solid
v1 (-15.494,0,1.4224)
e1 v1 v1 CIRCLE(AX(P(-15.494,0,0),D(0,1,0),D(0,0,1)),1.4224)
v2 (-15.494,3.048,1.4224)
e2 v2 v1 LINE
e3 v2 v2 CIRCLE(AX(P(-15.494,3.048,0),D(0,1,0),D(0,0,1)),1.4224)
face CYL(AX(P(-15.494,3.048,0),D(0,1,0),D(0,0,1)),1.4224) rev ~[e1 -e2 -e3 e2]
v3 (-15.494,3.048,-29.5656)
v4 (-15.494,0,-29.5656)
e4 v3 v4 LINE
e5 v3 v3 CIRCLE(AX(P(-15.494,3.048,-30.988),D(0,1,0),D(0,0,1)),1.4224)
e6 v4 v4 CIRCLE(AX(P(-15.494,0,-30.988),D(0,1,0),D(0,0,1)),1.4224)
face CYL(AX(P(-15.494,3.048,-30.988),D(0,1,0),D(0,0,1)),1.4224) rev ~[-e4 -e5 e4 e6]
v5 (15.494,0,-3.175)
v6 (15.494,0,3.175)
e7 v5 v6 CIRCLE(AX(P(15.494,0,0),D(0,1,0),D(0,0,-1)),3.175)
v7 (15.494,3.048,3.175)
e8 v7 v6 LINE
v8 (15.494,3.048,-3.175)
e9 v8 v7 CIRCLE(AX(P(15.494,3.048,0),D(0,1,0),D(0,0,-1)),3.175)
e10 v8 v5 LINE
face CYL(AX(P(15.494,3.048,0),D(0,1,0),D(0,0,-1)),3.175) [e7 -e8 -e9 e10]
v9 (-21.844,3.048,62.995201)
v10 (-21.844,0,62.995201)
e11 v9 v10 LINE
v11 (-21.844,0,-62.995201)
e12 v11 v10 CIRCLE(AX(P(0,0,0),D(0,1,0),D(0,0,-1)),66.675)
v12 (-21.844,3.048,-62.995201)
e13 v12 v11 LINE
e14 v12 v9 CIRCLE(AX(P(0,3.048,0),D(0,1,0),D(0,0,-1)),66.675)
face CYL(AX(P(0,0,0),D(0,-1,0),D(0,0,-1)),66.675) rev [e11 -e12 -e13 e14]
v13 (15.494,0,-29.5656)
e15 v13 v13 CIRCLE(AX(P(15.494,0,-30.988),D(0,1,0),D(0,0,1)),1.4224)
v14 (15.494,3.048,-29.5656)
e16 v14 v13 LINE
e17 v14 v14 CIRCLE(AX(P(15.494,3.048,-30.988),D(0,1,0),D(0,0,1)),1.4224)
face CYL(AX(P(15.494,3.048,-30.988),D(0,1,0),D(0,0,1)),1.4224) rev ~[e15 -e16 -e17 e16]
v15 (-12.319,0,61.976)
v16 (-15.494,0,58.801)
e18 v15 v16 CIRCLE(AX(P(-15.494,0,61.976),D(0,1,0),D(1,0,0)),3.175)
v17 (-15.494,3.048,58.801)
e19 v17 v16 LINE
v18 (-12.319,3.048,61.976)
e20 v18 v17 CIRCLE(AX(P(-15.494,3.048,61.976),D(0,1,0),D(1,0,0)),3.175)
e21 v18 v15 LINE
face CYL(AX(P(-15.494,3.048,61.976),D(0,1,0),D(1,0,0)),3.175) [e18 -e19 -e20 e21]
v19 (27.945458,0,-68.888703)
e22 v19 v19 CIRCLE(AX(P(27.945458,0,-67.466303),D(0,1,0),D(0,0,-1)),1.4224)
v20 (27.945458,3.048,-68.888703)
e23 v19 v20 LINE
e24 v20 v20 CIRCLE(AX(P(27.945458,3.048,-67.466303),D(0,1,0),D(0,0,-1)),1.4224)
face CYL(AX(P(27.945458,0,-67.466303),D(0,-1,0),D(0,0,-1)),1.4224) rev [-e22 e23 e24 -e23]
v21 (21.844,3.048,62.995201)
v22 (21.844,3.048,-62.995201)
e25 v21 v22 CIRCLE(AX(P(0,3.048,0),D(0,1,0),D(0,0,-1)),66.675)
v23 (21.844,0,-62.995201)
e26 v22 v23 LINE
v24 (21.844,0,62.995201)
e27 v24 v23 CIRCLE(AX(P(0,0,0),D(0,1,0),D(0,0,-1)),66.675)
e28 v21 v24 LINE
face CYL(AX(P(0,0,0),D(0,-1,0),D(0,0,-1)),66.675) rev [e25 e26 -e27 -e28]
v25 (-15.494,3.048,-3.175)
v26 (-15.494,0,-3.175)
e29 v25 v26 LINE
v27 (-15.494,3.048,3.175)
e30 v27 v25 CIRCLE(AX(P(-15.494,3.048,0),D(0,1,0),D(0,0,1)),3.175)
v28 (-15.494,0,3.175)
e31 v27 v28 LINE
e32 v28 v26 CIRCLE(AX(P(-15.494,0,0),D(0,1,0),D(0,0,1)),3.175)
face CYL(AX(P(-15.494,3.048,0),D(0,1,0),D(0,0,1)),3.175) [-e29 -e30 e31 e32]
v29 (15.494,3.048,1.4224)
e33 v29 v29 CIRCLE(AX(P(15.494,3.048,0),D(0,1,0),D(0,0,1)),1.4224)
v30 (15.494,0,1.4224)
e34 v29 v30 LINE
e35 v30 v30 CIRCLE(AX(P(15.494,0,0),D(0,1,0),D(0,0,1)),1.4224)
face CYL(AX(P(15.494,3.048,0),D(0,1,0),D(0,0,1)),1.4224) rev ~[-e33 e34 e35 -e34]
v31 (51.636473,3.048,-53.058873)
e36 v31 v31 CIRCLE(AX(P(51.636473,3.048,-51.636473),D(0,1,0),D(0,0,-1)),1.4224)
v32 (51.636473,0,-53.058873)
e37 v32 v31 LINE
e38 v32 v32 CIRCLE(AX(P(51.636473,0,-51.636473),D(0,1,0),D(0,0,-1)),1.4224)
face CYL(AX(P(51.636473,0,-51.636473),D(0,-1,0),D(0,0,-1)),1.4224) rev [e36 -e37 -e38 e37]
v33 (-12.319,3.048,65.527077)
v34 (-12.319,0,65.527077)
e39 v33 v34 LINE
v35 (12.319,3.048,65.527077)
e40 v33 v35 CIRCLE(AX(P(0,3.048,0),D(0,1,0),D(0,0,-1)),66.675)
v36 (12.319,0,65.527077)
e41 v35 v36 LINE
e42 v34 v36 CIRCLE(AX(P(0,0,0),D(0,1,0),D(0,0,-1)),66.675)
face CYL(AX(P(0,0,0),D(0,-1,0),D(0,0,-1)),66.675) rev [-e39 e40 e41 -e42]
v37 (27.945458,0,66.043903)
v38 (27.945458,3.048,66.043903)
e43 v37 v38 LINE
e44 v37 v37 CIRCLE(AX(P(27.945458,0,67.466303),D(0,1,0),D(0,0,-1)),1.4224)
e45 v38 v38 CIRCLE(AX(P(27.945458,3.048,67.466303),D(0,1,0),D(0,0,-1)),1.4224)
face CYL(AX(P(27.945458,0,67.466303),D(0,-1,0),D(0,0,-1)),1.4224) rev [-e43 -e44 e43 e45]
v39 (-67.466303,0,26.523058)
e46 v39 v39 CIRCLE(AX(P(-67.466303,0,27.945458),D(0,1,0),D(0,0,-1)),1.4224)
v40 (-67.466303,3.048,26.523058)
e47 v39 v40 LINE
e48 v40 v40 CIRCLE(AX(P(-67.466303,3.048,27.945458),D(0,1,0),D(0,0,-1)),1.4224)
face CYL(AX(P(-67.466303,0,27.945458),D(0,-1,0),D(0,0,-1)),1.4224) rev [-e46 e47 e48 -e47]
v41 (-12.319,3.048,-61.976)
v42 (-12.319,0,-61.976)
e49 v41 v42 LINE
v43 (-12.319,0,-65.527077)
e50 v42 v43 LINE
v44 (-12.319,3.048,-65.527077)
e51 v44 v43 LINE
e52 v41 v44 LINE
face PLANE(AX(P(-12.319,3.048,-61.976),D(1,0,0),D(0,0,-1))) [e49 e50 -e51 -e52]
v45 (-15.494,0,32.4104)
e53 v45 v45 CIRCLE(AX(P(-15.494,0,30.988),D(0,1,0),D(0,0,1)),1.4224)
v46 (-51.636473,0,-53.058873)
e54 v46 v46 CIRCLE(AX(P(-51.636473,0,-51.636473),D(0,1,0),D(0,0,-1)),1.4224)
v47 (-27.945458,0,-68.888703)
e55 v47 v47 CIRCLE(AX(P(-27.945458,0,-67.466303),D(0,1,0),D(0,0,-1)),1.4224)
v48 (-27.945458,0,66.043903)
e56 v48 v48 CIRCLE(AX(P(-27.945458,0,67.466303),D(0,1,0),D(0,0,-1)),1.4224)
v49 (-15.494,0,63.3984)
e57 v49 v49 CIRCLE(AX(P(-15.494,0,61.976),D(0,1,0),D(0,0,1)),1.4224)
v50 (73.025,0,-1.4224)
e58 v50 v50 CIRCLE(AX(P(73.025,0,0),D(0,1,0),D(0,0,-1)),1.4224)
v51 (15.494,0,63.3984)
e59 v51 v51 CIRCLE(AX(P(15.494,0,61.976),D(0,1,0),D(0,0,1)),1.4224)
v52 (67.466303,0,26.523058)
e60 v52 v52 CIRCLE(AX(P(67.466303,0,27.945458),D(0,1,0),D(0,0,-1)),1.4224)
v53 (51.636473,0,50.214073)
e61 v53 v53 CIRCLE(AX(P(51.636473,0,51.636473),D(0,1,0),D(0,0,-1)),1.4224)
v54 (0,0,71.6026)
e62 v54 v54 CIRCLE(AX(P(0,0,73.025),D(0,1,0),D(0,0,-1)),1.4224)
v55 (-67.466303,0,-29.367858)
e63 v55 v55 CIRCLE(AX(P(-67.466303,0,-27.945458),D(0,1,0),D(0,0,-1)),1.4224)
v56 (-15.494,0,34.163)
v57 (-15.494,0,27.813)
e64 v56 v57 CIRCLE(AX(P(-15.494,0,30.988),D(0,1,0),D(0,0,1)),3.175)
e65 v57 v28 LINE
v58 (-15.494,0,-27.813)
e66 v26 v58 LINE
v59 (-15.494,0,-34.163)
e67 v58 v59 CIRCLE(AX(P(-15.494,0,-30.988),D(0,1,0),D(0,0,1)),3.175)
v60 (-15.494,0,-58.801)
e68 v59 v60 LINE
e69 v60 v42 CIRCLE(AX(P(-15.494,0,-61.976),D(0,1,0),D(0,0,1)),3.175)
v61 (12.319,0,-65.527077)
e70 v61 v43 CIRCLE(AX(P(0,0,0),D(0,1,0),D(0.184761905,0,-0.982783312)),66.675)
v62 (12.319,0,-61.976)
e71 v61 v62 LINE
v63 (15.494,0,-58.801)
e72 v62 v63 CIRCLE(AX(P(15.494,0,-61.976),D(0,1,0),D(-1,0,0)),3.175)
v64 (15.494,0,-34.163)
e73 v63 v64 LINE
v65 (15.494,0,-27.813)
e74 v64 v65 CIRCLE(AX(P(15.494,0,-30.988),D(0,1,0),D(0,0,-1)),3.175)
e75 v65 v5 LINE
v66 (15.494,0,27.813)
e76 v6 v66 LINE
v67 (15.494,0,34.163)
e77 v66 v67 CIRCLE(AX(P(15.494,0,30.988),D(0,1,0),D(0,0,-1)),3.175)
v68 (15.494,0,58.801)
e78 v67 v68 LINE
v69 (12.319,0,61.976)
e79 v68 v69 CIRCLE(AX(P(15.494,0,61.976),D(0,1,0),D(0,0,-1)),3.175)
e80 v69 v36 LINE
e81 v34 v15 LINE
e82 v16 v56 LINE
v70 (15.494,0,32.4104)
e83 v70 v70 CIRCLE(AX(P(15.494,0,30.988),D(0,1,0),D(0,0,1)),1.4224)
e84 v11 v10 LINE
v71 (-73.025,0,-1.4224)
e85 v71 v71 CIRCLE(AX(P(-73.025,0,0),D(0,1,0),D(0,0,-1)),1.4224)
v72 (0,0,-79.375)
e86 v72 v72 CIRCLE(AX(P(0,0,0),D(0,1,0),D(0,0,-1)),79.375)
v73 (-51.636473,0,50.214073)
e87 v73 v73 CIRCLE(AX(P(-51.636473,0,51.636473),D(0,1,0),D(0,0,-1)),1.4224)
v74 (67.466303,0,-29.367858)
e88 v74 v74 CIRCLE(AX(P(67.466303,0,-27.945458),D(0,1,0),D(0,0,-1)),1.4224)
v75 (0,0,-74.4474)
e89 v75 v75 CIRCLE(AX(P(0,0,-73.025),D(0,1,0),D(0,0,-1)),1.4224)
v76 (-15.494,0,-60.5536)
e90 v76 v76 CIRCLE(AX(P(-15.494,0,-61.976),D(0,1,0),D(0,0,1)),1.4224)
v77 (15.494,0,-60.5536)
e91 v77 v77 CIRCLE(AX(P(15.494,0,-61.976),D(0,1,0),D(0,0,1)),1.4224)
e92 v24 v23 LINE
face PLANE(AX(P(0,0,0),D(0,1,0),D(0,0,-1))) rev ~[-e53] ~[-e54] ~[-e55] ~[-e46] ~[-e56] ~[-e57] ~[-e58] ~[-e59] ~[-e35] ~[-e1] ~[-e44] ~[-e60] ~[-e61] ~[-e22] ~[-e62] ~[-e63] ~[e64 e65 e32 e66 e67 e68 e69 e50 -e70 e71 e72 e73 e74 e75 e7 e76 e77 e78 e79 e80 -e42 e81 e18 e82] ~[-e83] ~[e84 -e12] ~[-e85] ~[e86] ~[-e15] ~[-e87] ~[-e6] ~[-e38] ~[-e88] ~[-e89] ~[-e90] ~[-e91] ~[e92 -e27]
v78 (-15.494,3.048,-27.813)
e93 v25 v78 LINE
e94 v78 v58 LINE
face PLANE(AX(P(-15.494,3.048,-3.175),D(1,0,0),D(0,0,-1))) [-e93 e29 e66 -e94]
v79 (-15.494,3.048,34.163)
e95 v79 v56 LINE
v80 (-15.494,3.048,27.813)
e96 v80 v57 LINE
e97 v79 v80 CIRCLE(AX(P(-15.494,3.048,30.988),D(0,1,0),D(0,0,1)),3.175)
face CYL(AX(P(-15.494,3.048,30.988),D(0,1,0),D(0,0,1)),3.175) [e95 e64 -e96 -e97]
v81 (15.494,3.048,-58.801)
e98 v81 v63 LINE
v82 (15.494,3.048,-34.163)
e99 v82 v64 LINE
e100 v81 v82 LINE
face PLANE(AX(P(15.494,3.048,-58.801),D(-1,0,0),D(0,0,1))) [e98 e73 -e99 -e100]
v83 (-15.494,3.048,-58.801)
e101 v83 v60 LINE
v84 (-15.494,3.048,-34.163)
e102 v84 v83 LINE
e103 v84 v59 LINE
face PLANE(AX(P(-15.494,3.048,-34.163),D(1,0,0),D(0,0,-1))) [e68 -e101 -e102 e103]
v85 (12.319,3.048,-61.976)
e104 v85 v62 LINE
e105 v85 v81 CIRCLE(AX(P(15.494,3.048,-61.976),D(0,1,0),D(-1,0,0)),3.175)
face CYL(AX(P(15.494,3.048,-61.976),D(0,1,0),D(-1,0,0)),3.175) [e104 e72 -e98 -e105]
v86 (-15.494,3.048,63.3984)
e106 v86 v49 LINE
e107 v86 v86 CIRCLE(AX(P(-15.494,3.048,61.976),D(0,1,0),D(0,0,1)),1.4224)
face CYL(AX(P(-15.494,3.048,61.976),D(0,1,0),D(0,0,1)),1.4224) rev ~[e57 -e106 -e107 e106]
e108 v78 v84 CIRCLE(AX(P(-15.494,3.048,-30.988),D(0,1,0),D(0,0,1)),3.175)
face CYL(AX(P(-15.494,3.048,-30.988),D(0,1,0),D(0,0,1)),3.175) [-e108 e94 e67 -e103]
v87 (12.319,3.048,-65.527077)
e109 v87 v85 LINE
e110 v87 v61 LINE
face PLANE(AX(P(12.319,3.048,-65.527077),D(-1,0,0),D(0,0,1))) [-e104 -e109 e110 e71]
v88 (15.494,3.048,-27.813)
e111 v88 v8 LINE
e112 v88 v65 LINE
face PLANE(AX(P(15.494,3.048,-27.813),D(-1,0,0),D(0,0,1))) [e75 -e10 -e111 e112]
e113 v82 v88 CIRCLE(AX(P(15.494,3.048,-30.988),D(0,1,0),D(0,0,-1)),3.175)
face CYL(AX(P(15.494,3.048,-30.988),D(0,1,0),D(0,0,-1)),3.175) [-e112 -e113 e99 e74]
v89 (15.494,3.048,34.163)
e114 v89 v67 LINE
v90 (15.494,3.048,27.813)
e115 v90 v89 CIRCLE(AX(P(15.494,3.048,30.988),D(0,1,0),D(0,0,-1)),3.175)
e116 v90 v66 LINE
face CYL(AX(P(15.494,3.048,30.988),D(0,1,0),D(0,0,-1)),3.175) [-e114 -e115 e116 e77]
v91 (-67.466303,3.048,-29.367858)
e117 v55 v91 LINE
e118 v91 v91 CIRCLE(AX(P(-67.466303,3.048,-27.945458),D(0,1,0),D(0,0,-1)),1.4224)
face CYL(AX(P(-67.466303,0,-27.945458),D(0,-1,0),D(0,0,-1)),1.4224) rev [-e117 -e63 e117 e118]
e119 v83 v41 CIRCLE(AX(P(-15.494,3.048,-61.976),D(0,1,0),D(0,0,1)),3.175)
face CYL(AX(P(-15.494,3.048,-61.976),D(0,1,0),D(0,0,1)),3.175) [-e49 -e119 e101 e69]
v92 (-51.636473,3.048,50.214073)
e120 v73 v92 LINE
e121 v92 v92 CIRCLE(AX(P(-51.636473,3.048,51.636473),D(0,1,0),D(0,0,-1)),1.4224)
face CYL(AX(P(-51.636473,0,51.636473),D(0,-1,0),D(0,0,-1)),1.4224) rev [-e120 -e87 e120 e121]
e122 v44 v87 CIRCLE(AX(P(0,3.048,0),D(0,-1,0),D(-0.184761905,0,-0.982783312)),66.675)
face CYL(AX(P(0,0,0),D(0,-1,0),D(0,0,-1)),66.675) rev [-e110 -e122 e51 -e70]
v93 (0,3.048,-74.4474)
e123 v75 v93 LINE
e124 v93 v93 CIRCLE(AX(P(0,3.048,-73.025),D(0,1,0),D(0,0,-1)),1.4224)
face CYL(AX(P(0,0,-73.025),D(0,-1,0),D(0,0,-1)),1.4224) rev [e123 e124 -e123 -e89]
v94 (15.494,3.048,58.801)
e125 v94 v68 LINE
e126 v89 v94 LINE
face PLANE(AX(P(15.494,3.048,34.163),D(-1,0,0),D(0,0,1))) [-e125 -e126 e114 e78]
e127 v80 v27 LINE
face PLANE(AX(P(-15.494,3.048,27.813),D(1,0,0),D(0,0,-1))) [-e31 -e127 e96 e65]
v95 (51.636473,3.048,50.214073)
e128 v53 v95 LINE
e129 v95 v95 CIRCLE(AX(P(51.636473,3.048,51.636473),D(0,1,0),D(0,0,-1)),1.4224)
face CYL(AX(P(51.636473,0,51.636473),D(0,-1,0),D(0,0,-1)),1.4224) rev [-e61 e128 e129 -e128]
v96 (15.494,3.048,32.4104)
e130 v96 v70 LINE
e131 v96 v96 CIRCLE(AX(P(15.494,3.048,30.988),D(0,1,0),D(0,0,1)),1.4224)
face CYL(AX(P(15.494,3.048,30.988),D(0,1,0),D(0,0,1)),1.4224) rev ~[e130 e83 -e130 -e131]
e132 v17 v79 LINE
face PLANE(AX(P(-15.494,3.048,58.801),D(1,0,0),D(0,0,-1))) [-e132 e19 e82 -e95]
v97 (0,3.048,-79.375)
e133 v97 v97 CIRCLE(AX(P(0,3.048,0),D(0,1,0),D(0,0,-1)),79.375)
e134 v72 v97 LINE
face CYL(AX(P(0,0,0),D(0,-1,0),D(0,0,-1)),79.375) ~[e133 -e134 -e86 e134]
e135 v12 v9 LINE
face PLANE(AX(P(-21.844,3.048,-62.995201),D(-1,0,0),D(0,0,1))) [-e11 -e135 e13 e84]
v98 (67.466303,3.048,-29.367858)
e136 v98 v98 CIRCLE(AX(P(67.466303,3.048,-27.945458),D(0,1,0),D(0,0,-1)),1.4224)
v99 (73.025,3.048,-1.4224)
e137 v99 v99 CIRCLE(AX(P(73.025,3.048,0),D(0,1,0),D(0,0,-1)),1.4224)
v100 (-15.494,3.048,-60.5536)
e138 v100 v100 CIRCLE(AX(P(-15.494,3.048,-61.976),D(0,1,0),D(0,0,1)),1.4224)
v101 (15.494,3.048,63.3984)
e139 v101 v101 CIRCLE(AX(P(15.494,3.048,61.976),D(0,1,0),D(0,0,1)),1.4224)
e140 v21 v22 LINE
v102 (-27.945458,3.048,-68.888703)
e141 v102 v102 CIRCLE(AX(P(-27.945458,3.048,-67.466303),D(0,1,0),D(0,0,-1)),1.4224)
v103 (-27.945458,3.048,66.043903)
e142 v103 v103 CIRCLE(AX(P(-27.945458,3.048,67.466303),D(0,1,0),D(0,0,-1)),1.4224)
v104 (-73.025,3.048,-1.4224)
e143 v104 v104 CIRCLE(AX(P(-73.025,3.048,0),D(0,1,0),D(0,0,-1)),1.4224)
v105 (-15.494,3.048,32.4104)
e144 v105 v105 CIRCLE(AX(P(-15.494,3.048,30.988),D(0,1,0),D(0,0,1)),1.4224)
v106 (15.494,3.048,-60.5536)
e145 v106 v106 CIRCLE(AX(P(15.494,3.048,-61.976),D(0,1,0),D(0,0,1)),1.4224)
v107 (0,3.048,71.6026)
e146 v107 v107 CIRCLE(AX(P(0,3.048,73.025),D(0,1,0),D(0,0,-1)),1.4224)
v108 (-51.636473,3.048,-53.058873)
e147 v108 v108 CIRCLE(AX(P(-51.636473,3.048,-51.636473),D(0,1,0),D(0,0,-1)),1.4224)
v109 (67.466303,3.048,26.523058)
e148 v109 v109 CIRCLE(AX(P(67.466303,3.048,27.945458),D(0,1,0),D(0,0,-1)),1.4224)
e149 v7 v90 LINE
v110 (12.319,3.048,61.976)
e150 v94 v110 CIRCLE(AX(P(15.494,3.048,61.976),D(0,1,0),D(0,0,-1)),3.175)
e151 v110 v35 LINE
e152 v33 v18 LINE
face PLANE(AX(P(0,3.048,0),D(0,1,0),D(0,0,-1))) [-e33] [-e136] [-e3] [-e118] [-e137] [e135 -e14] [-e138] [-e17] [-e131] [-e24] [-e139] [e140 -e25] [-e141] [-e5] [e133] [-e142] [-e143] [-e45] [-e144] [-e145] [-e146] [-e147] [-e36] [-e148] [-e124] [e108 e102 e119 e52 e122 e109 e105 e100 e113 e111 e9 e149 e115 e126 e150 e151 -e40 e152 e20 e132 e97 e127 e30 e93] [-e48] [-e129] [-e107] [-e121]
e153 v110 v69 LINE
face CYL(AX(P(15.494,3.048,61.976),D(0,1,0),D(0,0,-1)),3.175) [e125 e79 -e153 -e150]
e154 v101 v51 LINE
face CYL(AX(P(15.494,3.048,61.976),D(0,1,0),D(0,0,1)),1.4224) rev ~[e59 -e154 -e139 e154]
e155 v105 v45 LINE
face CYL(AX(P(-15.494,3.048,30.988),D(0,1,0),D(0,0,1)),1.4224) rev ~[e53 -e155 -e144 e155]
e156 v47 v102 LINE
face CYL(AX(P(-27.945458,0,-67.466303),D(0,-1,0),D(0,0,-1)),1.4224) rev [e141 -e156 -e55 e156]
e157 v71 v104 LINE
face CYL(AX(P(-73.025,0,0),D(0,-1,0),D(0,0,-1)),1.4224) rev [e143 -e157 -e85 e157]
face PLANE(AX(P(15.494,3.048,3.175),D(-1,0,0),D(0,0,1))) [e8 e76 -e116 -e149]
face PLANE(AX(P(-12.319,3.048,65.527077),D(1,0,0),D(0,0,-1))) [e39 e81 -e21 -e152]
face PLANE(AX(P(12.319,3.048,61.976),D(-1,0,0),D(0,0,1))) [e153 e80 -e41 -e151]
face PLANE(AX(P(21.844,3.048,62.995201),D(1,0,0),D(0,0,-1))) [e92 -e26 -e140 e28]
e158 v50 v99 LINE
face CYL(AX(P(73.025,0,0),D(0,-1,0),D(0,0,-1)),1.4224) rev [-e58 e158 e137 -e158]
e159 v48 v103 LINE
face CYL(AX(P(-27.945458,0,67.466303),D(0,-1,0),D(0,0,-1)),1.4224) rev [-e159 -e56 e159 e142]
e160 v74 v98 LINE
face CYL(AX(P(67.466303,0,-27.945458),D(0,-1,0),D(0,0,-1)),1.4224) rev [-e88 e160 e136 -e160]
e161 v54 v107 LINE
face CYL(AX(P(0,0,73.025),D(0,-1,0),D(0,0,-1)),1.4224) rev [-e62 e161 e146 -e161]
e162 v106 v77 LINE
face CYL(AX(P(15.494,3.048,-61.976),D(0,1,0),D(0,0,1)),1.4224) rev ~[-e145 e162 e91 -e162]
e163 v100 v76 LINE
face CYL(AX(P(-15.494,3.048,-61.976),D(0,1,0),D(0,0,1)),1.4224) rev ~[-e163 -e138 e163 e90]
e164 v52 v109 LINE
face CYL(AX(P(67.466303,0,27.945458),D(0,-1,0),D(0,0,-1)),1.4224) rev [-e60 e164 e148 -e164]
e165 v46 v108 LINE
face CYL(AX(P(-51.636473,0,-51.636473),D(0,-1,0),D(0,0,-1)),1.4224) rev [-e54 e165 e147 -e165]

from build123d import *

# Parameters (mm, degrees)
SKETCH1_R           = 79.375
SKETCH1_R_2         = 66.675
SKETCH1_R_3         = 1.4224
BOSS_EXTRUDE1_DEPTH = 3.048
SKETCH2_R           = 1.4224
BOSS_EXTRUDE2_DEPTH = 3.048


with BuildPart() as part:
    # Sketch1 → Boss-Extrude1 (new body)
    with BuildSketch(Plane(origin=(0, 0, 0), x_dir=(1, 0, 0), z_dir=(0, 1, 0))):
        with Locations(Location((0, 0, 0), (0, 0, 90))):
            Circle(SKETCH1_R)
        with Locations(Location((0, 0, 0), (0, 0, 90))):
            Circle(SKETCH1_R_2, mode=Mode.SUBTRACT)
        with Locations(Location((0, 73.025, 0), (0, 0, 90))):
            Circle(SKETCH1_R_3, mode=Mode.SUBTRACT)
        with Locations(Location((27.945457648, 67.466302862, 0), (0, 0, 90))):
            Circle(SKETCH1_R_3, mode=Mode.SUBTRACT)
        with Locations(Location((51.636472696, 51.636472696, 0), (0, 0, 90))):
            Circle(SKETCH1_R_3, mode=Mode.SUBTRACT)
        with Locations(Location((67.466302862, 27.945457648, 0), (0, 0, 90))):
            Circle(SKETCH1_R_3, mode=Mode.SUBTRACT)
        with Locations(Location((73.025, 0, 0), (0, 0, 90))):
            Circle(SKETCH1_R_3, mode=Mode.SUBTRACT)
        with Locations(Location((67.466302862, -27.945457648, 0), (0, 0, 90))):
            Circle(SKETCH1_R_3, mode=Mode.SUBTRACT)
        with Locations(Location((51.636472696, -51.636472696, 0), (0, 0, 90))):
            Circle(SKETCH1_R_3, mode=Mode.SUBTRACT)
        with Locations(Location((27.945457648, -67.466302862, 0), (0, 0, 90))):
            Circle(SKETCH1_R_3, mode=Mode.SUBTRACT)
        with Locations(Location((0, -73.025, 0), (0, 0, 90))):
            Circle(SKETCH1_R_3, mode=Mode.SUBTRACT)
        with Locations(Location((-27.945457648, -67.466302862, 0), (0, 0, 90))):
            Circle(SKETCH1_R_3, mode=Mode.SUBTRACT)
        with Locations(Location((-51.636472696, -51.636472696, 0), (0, 0, 90))):
            Circle(SKETCH1_R_3, mode=Mode.SUBTRACT)
        with Locations(Location((-67.466302862, -27.945457648, 0), (0, 0, 90))):
            Circle(SKETCH1_R_3, mode=Mode.SUBTRACT)
        with Locations(Location((-73.025, 0, 0), (0, 0, 90))):
            Circle(SKETCH1_R_3, mode=Mode.SUBTRACT)
        with Locations(Location((-67.466302862, 27.945457648, 0), (0, 0, 90))):
            Circle(SKETCH1_R_3, mode=Mode.SUBTRACT)
        with Locations(Location((-51.636472696, 51.636472696, 0), (0, 0, 90))):
            Circle(SKETCH1_R_3, mode=Mode.SUBTRACT)
        with Locations(Location((-27.945457648, 67.466302862, 0), (0, 0, 90))):
            Circle(SKETCH1_R_3, mode=Mode.SUBTRACT)
    extrude(amount=BOSS_EXTRUDE1_DEPTH)

    # Sketch2 → Boss-Extrude2 (add)
    with BuildSketch(Plane(origin=(0, 3.048, 0), x_dir=(1, 0, 0), z_dir=(0, 1, 0))):
        with BuildLine():
            Line((-15.494, 3.175), (-15.494, 27.813))
            ThreePointArc((-15.494, 27.813), (-12.319, 30.988), (-15.494, 34.163))
            Line((-15.494, 34.163), (-15.494, 58.801))
            ThreePointArc((-15.494, 58.801), (-13.24893597, 59.73093597), (-12.319, 61.976))
            Line((-12.319, 61.976), (-12.319, 65.527077334))
            ThreePointArc((-12.319, 65.527077334), (-17.128346163, 64.437375666), (-21.844, 62.995200524))
            Line((-21.844, 62.995200524), (-21.844, -62.995200524))
            ThreePointArc((-21.844, -62.995200524), (-17.128346163, -64.437375666), (-12.319, -65.527077334))
            Line((-12.319, -65.527077334), (-12.319, -61.976))
            ThreePointArc((-12.319, -61.976), (-13.24893597, -59.73093597), (-15.494, -58.801))
            Line((-15.494, -58.801), (-15.494, -34.163))
            ThreePointArc((-15.494, -34.163), (-12.319, -30.988), (-15.494, -27.813))
            Line((-15.494, -27.813), (-15.494, -3.175))
            ThreePointArc((-15.494, -3.175), (-12.319, 0), (-15.494, 3.175))
        make_face()
        with Locations(Location((-15.494, 30.988, 0), (0, 0, 270))):
            Circle(SKETCH2_R, mode=Mode.SUBTRACT)
        with Locations(Location((-15.494, 0, 0), (0, 0, 270))):
            Circle(SKETCH2_R, mode=Mode.SUBTRACT)
        with Locations(Location((-15.494, 61.976, 0), (0, 0, 270))):
            Circle(SKETCH2_R, mode=Mode.SUBTRACT)
        with Locations(Location((-15.494, -30.988, 0), (0, 0, 270))):
            Circle(SKETCH2_R, mode=Mode.SUBTRACT)
        with Locations(Location((-15.494, -61.976, 0), (0, 0, 270))):
            Circle(SKETCH2_R, mode=Mode.SUBTRACT)
        with BuildLine():
            Line((12.319, 65.527077334), (12.319, 61.976))
            ThreePointArc((12.319, 61.976), (13.24893597, 59.73093597), (15.494, 58.801))
            Line((15.494, 58.801), (15.494, 34.163))
            ThreePointArc((15.494, 34.163), (12.319, 30.988), (15.494, 27.813))
            Line((15.494, 27.813), (15.494, 3.175))
            ThreePointArc((15.494, 3.175), (12.319, 0), (15.494, -3.175))
            Line((15.494, -3.175), (15.494, -27.813))
            ThreePointArc((15.494, -27.813), (12.319, -30.988), (15.494, -34.163))
            Line((15.494, -34.163), (15.494, -58.801))
            ThreePointArc((15.494, -58.801), (13.24893597, -59.73093597), (12.319, -61.976))
            Line((12.319, -61.976), (12.319, -65.527077334))
            ThreePointArc((12.319, -65.527077334), (17.128346163, -64.437375666), (21.844, -62.995200524))
            Line((21.844, -62.995200524), (21.844, 62.995200524))
            ThreePointArc((21.844, 62.995200524), (17.128346163, 64.437375666), (12.319, 65.527077334))
        make_face()
        with Locations(Location((15.494, 61.976, 0), (0, 0, 270))):
            Circle(SKETCH2_R, mode=Mode.SUBTRACT)
        with Locations(Location((15.494, 30.988, 0), (0, 0, 270))):
            Circle(SKETCH2_R, mode=Mode.SUBTRACT)
        with Locations(Location((15.494, -61.976, 0), (0, 0, 270))):
            Circle(SKETCH2_R, mode=Mode.SUBTRACT)
        with Locations(Location((15.494, 0, 0), (0, 0, 270))):
            Circle(SKETCH2_R, mode=Mode.SUBTRACT)
        with Locations(Location((15.494, -30.988, 0), (0, 0, 270))):
            Circle(SKETCH2_R, mode=Mode.SUBTRACT)
    extrude(amount=-BOSS_EXTRUDE2_DEPTH)


solid = part.part
